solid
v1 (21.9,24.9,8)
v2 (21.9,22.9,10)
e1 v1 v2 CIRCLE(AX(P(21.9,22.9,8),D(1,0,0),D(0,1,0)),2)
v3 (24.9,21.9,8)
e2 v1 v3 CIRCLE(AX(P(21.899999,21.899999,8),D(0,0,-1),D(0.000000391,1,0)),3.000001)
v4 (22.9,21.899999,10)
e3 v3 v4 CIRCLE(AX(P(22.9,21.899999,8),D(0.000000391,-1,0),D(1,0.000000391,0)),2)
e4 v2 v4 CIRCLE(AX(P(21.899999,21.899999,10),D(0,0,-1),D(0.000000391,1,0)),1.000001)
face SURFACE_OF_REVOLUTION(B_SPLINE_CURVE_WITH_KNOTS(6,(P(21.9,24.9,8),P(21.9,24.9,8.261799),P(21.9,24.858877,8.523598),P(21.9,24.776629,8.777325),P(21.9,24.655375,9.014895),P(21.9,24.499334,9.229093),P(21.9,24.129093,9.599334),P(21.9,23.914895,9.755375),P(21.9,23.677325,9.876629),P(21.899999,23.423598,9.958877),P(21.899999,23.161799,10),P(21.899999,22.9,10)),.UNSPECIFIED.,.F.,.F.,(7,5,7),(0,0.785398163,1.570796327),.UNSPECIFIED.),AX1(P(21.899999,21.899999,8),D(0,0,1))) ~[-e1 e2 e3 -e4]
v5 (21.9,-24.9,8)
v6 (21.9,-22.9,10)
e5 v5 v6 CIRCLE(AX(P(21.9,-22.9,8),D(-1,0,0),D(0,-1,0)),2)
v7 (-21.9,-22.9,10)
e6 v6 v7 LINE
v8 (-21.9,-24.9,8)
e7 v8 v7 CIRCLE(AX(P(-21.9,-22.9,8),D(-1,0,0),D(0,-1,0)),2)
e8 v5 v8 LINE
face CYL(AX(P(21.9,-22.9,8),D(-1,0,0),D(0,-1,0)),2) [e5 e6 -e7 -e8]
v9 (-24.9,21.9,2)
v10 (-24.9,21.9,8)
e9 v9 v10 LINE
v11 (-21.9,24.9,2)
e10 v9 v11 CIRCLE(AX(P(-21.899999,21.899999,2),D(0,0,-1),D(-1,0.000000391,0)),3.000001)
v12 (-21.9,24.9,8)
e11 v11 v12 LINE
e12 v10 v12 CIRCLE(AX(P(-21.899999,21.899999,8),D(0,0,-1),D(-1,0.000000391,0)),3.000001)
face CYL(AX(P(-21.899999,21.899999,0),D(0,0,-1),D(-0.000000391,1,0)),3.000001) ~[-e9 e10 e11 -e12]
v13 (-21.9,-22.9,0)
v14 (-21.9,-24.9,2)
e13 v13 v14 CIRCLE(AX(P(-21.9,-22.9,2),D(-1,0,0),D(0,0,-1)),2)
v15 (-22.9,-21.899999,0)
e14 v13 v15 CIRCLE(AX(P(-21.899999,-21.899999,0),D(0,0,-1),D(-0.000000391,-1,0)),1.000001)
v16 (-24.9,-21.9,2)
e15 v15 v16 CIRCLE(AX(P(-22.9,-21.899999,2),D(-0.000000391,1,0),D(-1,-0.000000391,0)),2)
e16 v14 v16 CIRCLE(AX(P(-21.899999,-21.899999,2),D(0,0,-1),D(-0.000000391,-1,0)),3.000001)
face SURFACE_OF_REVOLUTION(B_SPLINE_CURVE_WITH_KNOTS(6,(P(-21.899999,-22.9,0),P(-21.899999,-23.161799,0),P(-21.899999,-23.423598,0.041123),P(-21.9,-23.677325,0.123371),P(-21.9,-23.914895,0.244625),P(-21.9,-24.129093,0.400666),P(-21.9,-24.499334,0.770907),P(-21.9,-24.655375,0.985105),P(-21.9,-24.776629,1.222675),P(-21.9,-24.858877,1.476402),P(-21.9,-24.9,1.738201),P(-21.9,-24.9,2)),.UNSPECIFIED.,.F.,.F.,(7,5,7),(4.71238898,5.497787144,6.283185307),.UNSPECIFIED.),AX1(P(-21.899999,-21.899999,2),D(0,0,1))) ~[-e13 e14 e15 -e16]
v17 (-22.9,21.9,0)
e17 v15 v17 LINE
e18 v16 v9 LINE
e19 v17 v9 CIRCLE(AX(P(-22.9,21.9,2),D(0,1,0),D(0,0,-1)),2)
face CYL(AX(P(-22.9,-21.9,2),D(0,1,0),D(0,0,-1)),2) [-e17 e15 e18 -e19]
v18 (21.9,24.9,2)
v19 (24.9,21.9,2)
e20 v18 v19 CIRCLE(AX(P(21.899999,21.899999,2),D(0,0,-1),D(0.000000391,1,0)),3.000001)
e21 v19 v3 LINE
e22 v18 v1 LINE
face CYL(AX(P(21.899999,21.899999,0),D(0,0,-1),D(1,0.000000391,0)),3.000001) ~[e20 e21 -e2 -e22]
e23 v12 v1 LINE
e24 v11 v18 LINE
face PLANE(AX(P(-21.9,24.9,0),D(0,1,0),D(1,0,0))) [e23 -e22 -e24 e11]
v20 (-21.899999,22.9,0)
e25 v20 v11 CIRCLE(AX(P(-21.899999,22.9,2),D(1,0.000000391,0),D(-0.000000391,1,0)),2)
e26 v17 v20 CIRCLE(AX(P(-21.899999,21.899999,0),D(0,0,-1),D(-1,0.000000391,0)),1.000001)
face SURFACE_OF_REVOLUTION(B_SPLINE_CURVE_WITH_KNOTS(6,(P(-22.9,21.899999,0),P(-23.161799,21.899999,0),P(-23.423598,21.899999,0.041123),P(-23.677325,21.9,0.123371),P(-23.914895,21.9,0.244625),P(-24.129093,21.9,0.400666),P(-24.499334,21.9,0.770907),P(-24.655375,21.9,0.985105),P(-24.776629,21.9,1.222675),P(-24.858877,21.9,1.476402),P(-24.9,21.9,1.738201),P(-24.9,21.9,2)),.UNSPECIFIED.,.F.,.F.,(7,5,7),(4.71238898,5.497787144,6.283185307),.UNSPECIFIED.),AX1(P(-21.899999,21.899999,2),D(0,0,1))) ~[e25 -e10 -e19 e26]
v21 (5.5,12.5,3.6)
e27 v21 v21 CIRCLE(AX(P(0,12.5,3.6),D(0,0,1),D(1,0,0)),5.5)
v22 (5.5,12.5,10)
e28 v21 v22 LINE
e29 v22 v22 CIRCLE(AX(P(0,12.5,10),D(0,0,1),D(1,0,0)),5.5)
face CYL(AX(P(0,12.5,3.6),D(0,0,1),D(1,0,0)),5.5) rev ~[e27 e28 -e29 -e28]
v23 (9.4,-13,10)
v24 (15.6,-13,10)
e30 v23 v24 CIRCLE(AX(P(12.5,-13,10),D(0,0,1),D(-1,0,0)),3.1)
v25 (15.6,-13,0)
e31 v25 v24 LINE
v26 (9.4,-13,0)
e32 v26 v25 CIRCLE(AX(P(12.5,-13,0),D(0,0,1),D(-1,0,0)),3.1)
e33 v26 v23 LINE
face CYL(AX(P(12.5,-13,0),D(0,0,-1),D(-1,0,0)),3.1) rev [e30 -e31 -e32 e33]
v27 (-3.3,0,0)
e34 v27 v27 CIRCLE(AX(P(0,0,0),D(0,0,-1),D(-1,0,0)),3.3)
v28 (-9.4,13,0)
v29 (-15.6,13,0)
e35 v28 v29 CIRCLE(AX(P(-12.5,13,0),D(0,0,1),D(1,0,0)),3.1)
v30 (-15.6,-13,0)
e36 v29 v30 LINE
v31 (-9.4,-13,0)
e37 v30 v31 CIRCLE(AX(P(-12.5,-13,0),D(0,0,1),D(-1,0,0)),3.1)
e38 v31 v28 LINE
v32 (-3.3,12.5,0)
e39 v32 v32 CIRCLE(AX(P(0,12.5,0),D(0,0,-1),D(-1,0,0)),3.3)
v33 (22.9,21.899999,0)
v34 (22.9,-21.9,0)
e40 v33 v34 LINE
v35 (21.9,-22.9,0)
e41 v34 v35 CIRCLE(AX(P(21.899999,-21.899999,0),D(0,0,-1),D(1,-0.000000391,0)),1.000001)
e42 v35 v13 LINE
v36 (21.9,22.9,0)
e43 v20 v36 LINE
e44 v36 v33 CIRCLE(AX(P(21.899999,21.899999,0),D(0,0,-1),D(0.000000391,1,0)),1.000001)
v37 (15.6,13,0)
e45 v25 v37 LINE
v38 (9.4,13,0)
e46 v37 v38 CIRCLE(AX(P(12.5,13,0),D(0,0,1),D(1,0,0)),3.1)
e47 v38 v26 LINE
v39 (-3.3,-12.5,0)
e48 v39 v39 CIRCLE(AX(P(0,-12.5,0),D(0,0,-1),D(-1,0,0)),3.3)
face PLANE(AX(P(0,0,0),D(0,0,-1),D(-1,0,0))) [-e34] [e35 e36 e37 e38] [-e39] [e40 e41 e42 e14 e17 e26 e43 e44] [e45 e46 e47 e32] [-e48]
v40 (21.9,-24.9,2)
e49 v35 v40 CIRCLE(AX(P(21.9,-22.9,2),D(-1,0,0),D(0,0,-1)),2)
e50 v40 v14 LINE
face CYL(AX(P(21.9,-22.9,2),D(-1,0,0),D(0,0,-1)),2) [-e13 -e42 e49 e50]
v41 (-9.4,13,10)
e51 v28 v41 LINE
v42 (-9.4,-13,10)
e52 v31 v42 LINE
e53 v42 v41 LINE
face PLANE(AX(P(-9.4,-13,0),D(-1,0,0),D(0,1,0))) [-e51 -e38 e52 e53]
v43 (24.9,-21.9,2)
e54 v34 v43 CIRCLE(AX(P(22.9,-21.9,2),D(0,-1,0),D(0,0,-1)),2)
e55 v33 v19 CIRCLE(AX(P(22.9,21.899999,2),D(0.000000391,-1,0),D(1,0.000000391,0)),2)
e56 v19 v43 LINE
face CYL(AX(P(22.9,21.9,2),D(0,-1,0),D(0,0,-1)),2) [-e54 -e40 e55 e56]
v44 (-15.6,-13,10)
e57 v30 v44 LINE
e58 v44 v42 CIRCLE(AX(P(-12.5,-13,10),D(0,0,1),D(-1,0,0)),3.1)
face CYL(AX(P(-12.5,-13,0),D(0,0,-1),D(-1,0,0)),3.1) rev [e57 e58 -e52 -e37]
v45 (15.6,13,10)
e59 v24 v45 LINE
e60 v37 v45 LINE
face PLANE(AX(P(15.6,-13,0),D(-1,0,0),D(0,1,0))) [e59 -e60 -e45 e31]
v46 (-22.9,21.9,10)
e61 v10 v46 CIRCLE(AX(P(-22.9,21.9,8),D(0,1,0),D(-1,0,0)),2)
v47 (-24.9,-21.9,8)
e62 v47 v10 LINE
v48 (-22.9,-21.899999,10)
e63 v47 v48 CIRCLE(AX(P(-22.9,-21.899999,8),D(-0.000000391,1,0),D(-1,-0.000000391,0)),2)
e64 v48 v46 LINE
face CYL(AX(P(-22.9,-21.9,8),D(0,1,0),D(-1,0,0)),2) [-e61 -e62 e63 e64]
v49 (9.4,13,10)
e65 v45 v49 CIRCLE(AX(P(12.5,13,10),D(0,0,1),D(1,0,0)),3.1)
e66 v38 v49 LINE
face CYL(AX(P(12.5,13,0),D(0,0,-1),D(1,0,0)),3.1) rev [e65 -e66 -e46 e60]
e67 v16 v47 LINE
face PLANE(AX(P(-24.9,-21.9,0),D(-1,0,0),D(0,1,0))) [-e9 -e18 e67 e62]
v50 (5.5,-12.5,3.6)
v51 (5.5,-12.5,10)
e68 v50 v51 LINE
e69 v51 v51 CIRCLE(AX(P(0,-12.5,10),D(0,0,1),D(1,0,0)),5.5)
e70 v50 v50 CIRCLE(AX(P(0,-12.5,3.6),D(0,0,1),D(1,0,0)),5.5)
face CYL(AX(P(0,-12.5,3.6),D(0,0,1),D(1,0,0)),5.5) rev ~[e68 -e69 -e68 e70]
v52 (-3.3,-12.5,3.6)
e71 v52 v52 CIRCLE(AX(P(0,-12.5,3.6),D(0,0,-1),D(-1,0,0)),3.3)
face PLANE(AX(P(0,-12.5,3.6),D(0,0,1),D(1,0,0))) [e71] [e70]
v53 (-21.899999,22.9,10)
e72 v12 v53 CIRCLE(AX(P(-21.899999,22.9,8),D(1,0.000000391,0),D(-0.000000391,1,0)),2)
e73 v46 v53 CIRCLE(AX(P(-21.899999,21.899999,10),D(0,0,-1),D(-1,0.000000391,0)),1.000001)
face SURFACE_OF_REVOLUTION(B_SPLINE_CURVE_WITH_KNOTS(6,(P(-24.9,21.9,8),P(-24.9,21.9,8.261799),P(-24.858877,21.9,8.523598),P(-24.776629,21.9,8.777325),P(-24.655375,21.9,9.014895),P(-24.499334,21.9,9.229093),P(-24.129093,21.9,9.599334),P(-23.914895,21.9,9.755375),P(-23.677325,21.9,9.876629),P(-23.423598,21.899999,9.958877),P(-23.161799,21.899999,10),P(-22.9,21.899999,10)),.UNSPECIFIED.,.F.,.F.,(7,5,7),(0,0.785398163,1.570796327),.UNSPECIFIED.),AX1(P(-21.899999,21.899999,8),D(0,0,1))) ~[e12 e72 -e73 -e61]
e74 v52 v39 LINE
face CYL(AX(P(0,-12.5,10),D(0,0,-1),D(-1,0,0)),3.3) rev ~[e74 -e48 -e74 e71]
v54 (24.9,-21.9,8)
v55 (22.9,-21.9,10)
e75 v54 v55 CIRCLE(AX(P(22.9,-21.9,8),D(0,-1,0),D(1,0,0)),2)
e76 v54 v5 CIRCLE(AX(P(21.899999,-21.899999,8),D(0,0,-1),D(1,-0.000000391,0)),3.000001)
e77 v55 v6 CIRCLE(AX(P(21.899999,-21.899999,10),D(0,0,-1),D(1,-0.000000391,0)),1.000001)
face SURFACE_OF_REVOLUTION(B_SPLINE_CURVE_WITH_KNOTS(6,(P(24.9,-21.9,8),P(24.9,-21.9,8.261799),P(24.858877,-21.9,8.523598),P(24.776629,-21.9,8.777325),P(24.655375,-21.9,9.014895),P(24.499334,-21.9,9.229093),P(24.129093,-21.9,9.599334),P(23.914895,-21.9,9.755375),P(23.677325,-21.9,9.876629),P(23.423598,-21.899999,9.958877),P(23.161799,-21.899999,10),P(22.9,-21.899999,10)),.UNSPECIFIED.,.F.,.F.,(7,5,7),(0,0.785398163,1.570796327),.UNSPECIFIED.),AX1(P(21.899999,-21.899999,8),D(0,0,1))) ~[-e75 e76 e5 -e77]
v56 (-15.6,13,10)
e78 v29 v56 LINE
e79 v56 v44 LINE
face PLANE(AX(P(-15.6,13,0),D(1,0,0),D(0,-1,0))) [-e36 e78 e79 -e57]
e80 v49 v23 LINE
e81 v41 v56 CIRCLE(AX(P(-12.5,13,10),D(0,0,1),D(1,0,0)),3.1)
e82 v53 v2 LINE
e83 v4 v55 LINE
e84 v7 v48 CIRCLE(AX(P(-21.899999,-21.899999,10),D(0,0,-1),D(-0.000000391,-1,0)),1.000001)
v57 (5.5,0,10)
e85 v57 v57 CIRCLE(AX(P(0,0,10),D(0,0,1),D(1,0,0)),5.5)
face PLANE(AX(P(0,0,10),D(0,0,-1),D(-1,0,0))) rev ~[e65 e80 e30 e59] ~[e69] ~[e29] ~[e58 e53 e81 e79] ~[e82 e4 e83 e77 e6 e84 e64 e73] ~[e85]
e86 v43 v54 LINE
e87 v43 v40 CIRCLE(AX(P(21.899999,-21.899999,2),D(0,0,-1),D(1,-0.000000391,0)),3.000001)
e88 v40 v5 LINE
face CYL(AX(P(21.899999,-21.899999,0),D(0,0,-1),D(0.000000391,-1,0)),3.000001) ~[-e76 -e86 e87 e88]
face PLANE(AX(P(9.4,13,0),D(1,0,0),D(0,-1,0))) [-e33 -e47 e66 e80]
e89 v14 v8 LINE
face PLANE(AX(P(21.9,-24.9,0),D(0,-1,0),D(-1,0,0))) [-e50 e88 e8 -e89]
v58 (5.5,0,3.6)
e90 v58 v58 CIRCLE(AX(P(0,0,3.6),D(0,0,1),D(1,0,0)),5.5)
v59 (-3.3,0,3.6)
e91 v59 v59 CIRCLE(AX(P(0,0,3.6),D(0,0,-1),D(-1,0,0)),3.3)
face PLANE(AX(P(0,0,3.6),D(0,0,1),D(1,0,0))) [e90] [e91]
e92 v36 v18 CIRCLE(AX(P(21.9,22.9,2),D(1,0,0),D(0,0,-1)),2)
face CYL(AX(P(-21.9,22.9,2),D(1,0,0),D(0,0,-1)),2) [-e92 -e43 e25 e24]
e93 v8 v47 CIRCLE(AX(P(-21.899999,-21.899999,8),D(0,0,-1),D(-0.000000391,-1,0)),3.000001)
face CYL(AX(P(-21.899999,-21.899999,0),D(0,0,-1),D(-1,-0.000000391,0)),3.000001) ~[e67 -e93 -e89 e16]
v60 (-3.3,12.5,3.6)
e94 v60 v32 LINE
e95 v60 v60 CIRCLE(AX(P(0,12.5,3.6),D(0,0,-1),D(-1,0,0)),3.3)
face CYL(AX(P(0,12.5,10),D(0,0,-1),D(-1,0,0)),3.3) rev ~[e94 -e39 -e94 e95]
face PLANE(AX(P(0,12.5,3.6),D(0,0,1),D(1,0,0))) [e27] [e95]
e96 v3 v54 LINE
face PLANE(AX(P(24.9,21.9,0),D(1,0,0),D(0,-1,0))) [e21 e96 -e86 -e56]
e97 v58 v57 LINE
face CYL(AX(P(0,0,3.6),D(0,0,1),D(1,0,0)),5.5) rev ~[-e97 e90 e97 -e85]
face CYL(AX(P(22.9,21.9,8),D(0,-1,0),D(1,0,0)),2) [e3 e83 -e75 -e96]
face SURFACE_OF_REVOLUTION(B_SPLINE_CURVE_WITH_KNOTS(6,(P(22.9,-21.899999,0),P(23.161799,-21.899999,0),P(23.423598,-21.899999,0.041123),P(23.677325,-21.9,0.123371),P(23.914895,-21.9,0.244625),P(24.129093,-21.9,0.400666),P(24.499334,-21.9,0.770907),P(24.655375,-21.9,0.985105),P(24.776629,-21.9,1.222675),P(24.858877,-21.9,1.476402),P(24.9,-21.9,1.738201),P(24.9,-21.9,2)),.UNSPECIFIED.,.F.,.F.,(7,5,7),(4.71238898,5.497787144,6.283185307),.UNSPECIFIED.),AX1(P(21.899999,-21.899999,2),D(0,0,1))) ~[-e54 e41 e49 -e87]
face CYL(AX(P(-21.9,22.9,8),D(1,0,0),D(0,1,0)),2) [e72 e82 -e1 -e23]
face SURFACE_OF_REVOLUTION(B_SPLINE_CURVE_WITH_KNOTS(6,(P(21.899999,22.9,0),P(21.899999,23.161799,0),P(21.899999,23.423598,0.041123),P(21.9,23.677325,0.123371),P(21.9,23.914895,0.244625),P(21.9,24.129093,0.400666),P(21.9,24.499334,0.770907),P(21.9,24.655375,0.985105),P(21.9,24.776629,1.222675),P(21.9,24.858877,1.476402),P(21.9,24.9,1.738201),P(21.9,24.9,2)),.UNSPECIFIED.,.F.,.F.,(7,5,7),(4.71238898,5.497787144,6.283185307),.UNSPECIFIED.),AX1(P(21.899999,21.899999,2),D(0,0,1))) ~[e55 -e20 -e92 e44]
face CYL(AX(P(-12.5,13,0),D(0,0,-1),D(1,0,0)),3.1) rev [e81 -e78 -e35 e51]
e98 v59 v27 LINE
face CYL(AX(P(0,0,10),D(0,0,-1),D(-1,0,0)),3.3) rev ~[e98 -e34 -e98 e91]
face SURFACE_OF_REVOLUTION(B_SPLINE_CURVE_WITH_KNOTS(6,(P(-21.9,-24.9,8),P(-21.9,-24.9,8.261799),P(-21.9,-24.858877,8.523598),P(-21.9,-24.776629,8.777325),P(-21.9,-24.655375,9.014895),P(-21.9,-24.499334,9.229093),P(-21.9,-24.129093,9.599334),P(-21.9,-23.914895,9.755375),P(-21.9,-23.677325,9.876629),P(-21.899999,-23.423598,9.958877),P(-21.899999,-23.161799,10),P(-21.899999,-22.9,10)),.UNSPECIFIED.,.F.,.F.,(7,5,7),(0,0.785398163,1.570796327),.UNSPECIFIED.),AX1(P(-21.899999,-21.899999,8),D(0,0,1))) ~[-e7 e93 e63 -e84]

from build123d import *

# Parameters (mm, degrees)
PAD_DEPTH        = 10
FILLET_R         = 2
FILLET001_R      = 2
HOLE_D           = 6.6
HOLE_DEPTH       = 25
HOLE_CBORE_D     = 11
HOLE_CBORE_DEPTH = 6.4


with BuildPart() as part:
    # Sketch → Pad (new body)
    with BuildSketch(Plane.XY):
        with BuildLine():
            Line((-21.9, 24.9), (21.9, 24.9))
            ThreePointArc((24.9, 21.9), (24.02132, 24.02132), (21.9, 24.9))
            Line((24.9, 21.9), (24.9, -21.9))
            ThreePointArc((21.9, -24.9), (24.02132, -24.02132), (24.9, -21.9))
            Line((21.9, -24.9), (-21.9, -24.9))
            ThreePointArc((-24.9, -21.9), (-24.02132, -24.02132), (-21.9, -24.9))
            Line((-24.9, -21.9), (-24.9, 21.9))
            ThreePointArc((-21.9, 24.9), (-24.02132, 24.02132), (-24.9, 21.9))
        make_face()
        with BuildLine():
            ThreePointArc((-9.4, 13), (-12.5, 16.1), (-15.6, 13))
            Line((-15.6, 13), (-15.6, -13))
            ThreePointArc((-15.6, -13), (-12.5, -16.1), (-9.4, -13))
            Line((-9.4, -13), (-9.4, 13))
        make_face(mode=Mode.SUBTRACT)
        with BuildLine():
            ThreePointArc((15.6, 13), (12.5, 16.1), (9.4, 13))
            Line((9.4, 13), (9.4, -13))
            ThreePointArc((9.4, -13), (12.5, -16.1), (15.6, -13))
            Line((15.6, -13), (15.6, 13))
        make_face(mode=Mode.SUBTRACT)
    extrude(amount=PAD_DEPTH)

    # Fillet
    fillet_edges = [part.edges().sort_by_distance(p)[0] for p in [
        (0, -24.9, 10),
    ]]
    fillet(fillet_edges, radius=FILLET_R)

    # Fillet001
    fillet001_edges = [part.edges().sort_by_distance(p)[0] for p in [
        (0, -24.9, 0),
    ]]
    fillet(fillet001_edges, radius=FILLET001_R)

    # Hole
    with Locations(Plane.XY.offset(10)):
        with Locations((0, 0), (0, 12.5), (0, -12.5)):
            CounterBoreHole(HOLE_D / 2, HOLE_CBORE_D / 2, HOLE_CBORE_DEPTH, depth=HOLE_DEPTH)


solid = part.part
